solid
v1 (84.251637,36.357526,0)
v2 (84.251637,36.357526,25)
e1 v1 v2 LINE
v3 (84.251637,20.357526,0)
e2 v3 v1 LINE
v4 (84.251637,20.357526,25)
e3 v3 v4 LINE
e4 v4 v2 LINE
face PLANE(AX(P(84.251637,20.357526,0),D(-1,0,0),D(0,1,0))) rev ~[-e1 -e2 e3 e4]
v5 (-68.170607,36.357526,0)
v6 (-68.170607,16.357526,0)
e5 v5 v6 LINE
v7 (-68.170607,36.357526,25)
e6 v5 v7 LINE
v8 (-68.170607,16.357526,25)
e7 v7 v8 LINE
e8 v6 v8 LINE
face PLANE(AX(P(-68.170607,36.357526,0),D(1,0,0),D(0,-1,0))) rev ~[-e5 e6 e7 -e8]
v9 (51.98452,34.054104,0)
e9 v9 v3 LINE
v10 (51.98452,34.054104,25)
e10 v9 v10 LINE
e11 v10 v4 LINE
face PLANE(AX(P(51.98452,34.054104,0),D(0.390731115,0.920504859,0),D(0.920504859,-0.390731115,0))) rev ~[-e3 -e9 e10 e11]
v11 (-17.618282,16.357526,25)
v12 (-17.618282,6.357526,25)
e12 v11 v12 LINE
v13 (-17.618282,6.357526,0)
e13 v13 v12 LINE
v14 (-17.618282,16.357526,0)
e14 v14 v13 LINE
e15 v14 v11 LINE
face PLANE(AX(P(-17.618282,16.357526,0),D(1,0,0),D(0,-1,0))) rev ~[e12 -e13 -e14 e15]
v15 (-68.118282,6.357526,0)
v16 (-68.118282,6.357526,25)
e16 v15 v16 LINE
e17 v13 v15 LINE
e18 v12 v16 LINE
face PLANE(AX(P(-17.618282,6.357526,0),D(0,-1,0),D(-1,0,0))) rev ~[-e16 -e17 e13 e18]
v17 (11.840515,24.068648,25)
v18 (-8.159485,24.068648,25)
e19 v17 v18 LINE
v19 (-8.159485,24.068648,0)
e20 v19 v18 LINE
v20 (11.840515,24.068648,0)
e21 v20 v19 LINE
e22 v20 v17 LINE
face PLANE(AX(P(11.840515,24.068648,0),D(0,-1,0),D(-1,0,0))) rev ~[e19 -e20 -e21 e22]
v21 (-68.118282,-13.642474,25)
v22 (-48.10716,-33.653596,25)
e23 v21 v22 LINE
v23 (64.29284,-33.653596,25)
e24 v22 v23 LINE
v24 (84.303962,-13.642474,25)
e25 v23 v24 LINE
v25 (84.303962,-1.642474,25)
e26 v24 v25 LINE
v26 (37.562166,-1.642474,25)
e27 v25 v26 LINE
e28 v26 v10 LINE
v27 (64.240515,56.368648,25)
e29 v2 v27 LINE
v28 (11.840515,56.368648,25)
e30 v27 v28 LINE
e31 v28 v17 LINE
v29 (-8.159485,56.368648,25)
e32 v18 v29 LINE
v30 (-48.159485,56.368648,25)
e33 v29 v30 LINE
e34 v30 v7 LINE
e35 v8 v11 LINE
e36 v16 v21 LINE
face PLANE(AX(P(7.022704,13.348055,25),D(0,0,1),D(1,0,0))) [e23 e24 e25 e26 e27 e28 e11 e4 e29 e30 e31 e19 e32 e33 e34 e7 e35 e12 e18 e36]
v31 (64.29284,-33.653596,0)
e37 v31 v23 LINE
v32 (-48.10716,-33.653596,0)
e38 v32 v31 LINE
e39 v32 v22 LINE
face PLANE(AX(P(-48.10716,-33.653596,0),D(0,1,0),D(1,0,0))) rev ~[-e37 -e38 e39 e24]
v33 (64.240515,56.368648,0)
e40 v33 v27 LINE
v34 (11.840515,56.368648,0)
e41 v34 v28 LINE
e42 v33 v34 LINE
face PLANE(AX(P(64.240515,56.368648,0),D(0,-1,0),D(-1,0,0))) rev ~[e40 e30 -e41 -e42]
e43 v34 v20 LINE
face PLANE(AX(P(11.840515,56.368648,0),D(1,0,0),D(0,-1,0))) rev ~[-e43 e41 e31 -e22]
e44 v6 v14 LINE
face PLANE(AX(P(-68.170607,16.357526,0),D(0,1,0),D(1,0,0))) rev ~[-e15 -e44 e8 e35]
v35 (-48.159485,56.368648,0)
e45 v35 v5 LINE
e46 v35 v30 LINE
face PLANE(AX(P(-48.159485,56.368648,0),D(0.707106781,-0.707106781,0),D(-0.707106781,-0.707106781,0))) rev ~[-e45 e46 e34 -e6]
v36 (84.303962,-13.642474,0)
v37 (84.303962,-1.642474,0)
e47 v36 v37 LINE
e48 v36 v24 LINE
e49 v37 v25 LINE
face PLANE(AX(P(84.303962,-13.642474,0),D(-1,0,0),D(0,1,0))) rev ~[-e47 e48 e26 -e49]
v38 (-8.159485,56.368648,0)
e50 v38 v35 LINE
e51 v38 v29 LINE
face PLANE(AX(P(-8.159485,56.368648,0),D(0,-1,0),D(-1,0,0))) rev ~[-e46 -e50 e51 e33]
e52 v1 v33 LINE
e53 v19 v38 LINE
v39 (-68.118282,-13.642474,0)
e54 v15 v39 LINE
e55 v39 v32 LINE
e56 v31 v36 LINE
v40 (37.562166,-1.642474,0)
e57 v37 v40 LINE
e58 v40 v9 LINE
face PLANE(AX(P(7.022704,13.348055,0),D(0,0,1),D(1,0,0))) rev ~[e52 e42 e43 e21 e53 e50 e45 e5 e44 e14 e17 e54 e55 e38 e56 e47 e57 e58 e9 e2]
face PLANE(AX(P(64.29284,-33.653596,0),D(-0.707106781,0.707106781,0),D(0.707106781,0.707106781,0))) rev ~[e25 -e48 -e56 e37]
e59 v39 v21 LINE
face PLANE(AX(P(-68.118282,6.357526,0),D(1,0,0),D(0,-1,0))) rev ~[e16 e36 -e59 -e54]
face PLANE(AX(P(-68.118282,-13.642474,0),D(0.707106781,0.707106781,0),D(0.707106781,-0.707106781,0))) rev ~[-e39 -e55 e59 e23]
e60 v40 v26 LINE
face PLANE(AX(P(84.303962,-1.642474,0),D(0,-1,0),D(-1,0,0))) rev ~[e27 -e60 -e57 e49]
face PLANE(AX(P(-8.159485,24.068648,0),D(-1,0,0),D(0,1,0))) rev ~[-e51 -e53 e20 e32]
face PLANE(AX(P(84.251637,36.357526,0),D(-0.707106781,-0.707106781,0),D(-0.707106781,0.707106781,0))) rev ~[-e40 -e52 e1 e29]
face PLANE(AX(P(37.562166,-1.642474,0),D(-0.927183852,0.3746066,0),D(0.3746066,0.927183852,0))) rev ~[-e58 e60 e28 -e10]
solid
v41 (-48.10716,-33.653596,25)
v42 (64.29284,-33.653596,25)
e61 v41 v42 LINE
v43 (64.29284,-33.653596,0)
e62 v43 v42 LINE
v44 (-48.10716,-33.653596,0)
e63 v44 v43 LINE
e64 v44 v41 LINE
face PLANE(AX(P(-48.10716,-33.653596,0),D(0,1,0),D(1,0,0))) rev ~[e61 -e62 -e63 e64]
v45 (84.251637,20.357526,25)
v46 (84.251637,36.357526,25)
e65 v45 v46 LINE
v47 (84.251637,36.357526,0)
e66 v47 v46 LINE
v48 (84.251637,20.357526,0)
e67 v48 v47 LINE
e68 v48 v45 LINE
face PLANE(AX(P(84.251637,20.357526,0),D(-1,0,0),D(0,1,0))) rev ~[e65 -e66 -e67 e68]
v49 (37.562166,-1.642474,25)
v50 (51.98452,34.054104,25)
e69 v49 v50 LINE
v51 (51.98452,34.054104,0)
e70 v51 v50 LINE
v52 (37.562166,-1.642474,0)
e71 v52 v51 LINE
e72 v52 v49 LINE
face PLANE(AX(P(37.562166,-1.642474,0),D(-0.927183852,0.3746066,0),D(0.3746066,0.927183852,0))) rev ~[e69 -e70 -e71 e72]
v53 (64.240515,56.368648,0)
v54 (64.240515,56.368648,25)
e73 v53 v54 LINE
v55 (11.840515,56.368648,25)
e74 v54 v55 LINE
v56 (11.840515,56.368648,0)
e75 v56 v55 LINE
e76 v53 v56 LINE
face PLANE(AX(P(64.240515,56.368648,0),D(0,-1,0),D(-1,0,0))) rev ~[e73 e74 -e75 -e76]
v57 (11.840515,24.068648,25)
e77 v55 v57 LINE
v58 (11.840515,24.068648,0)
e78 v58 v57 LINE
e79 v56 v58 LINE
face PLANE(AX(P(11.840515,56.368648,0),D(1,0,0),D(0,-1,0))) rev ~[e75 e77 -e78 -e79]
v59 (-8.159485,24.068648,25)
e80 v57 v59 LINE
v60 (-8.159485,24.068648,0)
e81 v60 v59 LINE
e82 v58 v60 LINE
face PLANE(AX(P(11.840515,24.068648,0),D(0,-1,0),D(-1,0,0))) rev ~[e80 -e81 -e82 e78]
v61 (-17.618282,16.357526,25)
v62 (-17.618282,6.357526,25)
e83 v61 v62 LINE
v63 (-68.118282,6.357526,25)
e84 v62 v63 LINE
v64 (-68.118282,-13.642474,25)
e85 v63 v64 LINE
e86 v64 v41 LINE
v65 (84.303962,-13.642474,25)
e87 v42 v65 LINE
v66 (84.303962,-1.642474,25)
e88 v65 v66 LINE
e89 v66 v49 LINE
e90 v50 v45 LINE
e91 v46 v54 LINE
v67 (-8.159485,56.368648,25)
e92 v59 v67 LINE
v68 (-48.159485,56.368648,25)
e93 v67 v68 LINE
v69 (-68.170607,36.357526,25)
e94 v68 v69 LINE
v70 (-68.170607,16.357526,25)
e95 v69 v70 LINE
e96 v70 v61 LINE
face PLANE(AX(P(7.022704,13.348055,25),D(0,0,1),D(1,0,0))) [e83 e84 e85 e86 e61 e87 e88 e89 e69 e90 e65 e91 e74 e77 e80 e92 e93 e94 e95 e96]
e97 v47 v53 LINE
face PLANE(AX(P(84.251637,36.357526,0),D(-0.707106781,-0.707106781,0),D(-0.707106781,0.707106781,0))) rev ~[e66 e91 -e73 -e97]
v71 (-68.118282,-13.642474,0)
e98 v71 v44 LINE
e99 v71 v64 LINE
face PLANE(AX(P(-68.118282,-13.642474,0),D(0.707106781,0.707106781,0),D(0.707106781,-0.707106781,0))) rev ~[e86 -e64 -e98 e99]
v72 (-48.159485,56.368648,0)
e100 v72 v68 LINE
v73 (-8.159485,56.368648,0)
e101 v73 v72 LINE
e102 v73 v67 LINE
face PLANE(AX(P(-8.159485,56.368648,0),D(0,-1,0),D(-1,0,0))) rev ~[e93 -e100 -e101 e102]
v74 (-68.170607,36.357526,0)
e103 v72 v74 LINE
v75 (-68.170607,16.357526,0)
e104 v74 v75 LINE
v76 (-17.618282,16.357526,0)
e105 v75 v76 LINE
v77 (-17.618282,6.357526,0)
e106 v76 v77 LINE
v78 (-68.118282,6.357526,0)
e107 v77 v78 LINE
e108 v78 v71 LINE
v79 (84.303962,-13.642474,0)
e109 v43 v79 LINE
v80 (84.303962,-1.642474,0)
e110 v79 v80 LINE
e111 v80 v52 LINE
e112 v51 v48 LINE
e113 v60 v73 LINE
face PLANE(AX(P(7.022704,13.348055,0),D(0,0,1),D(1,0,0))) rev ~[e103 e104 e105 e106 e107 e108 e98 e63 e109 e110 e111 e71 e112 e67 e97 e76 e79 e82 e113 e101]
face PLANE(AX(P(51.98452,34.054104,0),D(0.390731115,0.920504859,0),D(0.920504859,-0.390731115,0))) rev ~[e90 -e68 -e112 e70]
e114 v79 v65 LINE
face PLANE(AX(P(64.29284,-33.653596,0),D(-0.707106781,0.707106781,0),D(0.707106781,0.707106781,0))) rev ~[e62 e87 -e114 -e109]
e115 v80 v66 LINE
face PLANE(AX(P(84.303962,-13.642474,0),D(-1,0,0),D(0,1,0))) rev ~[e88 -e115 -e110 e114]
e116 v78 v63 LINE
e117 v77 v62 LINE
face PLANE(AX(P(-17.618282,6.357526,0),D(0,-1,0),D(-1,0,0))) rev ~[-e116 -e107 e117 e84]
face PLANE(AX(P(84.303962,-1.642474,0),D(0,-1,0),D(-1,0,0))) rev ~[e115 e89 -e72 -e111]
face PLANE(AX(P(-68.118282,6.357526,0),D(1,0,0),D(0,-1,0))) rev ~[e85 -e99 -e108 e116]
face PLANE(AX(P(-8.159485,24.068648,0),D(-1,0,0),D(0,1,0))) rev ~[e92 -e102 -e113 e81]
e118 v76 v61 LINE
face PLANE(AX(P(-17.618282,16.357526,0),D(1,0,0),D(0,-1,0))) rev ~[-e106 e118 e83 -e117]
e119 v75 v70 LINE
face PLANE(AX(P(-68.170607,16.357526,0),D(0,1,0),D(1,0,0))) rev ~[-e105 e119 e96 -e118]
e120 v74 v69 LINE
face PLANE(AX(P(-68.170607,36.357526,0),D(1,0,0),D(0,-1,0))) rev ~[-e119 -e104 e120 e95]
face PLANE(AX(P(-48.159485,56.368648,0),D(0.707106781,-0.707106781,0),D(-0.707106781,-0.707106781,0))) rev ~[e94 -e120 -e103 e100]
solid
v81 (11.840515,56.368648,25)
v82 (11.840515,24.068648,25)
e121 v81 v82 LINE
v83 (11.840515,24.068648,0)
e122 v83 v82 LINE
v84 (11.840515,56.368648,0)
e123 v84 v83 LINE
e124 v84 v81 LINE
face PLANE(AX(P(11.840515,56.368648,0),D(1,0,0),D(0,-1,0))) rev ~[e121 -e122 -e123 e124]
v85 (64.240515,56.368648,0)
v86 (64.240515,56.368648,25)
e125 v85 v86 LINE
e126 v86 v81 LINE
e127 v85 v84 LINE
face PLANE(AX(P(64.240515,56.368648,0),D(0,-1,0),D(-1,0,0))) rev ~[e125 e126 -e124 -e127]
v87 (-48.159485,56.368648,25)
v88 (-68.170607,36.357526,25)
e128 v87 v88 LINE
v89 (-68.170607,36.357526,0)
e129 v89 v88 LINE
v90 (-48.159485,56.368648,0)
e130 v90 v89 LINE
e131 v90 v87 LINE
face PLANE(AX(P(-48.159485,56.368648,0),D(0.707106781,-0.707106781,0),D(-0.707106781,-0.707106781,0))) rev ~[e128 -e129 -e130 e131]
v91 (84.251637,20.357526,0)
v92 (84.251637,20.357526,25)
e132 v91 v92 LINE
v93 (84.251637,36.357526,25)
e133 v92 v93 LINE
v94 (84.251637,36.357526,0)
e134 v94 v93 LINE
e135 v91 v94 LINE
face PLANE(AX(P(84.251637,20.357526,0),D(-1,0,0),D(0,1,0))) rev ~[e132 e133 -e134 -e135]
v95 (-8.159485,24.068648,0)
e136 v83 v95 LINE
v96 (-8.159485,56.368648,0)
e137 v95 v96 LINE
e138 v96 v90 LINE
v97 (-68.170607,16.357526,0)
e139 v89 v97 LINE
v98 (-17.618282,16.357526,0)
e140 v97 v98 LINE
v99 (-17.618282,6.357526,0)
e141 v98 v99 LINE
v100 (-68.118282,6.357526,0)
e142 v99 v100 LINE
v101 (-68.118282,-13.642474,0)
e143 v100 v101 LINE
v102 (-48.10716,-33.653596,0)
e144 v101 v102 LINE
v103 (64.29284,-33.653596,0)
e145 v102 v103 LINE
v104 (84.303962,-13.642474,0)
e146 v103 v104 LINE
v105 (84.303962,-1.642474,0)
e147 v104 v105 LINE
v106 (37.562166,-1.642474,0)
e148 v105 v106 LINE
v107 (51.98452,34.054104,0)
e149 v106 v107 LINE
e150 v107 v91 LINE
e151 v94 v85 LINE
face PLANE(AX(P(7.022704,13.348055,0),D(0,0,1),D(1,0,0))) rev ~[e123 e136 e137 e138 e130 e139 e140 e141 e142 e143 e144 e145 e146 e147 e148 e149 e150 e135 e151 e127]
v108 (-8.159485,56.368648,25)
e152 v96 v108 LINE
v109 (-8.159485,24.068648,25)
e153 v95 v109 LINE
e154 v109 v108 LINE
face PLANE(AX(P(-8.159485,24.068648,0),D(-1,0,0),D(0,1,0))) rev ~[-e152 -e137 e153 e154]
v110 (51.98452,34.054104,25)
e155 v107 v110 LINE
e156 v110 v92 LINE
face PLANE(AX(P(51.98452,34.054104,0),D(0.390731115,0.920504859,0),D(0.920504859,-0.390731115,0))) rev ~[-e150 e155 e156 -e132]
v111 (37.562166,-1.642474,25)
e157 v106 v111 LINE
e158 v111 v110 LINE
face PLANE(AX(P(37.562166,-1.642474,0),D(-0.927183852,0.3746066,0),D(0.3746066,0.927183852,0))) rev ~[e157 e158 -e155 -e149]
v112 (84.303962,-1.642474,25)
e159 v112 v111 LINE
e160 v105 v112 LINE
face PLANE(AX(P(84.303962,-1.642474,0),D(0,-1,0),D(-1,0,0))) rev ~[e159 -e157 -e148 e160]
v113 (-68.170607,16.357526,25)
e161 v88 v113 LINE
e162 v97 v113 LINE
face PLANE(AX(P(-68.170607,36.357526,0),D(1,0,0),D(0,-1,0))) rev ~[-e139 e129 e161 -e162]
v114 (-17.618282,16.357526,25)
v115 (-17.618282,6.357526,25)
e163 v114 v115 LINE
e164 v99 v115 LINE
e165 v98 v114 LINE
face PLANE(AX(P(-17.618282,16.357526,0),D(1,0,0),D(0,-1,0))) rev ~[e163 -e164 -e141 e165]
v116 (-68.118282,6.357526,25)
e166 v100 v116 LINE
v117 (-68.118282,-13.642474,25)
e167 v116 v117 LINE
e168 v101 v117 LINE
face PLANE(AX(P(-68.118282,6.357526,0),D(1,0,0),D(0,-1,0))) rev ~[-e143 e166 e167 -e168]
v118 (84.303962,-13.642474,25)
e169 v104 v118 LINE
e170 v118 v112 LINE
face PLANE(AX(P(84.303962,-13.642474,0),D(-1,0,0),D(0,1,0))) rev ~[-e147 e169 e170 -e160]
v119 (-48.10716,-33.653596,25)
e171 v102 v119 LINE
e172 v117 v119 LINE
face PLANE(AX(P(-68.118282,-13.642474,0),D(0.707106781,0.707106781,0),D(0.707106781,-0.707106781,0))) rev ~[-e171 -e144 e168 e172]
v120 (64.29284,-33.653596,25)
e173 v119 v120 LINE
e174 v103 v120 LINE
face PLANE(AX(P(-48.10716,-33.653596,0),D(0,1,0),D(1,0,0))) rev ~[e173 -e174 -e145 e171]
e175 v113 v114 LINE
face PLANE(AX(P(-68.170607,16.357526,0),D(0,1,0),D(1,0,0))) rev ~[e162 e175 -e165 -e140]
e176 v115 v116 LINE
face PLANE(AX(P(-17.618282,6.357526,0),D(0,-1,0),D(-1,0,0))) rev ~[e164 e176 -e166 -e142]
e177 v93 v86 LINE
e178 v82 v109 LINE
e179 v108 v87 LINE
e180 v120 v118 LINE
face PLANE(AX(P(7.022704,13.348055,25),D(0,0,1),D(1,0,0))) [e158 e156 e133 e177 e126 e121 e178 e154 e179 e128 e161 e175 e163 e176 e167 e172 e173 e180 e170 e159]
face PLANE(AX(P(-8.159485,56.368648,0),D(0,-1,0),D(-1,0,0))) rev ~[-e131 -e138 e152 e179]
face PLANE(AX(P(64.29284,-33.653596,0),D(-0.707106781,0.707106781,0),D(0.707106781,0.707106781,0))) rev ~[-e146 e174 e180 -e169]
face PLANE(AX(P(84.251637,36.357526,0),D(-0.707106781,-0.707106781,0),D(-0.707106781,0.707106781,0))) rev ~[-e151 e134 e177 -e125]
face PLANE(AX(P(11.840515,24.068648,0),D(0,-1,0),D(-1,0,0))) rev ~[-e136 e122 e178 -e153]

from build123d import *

# Parameters (mm, degrees)
F1_DEPTH = 25
F2_DEPTH = 25
F3_DEPTH = 25


with BuildPart() as f1:
    # F0 (on Top) → F1 (new body)
    with BuildSketch(Plane.XY):
        Polygon((-68.118282, -13.642474), (-48.10716, -33.653596), (64.29284, -33.653596), (84.303962, -13.642474), (84.303962, -1.642474), (82.862166, -1.642474), (37.562166, -1.642474), (51.98452, 34.054104), (84.251637, 20.357526), (84.251637, 36.357526), (64.240515, 56.368648), (11.840515, 56.368648), (11.840515, 24.068648), (-8.159485, 24.068648), (-8.159485, 56.368648), (-48.159485, 56.368648), (-68.170607, 36.357526), (-68.170607, 16.357526), (-17.618282, 16.357526), (-17.618282, 6.357526), (-68.118282, 6.357526), align=None)
    extrude(amount=F1_DEPTH)


with BuildPart() as f2:
    # F0 (on Top) → F2 (new body)
    with BuildSketch(Plane.XY):
        Polygon((-68.118282, -13.642474), (-48.10716, -33.653596), (64.29284, -33.653596), (84.303962, -13.642474), (84.303962, -1.642474), (82.862166, -1.642474), (37.562166, -1.642474), (51.98452, 34.054104), (84.251637, 20.357526), (84.251637, 36.357526), (64.240515, 56.368648), (11.840515, 56.368648), (11.840515, 24.068648), (-8.159485, 24.068648), (-8.159485, 56.368648), (-48.159485, 56.368648), (-68.170607, 36.357526), (-68.170607, 16.357526), (-17.618282, 16.357526), (-17.618282, 6.357526), (-68.118282, 6.357526), align=None)
    extrude(amount=F2_DEPTH)


with BuildPart() as f3:
    # F0 (on Top) → F3 (new body)
    with BuildSketch(Plane.XY):
        Polygon((-68.118282, -13.642474), (-48.10716, -33.653596), (64.29284, -33.653596), (84.303962, -13.642474), (84.303962, -1.642474), (82.862166, -1.642474), (37.562166, -1.642474), (51.98452, 34.054104), (84.251637, 20.357526), (84.251637, 36.357526), (64.240515, 56.368648), (11.840515, 56.368648), (11.840515, 24.068648), (-8.159485, 24.068648), (-8.159485, 56.368648), (-48.159485, 56.368648), (-68.170607, 36.357526), (-68.170607, 16.357526), (-17.618282, 16.357526), (-17.618282, 6.357526), (-68.118282, 6.357526), align=None)
    extrude(amount=F3_DEPTH)


solid = Compound([f1.part, f2.part, f3.part])
